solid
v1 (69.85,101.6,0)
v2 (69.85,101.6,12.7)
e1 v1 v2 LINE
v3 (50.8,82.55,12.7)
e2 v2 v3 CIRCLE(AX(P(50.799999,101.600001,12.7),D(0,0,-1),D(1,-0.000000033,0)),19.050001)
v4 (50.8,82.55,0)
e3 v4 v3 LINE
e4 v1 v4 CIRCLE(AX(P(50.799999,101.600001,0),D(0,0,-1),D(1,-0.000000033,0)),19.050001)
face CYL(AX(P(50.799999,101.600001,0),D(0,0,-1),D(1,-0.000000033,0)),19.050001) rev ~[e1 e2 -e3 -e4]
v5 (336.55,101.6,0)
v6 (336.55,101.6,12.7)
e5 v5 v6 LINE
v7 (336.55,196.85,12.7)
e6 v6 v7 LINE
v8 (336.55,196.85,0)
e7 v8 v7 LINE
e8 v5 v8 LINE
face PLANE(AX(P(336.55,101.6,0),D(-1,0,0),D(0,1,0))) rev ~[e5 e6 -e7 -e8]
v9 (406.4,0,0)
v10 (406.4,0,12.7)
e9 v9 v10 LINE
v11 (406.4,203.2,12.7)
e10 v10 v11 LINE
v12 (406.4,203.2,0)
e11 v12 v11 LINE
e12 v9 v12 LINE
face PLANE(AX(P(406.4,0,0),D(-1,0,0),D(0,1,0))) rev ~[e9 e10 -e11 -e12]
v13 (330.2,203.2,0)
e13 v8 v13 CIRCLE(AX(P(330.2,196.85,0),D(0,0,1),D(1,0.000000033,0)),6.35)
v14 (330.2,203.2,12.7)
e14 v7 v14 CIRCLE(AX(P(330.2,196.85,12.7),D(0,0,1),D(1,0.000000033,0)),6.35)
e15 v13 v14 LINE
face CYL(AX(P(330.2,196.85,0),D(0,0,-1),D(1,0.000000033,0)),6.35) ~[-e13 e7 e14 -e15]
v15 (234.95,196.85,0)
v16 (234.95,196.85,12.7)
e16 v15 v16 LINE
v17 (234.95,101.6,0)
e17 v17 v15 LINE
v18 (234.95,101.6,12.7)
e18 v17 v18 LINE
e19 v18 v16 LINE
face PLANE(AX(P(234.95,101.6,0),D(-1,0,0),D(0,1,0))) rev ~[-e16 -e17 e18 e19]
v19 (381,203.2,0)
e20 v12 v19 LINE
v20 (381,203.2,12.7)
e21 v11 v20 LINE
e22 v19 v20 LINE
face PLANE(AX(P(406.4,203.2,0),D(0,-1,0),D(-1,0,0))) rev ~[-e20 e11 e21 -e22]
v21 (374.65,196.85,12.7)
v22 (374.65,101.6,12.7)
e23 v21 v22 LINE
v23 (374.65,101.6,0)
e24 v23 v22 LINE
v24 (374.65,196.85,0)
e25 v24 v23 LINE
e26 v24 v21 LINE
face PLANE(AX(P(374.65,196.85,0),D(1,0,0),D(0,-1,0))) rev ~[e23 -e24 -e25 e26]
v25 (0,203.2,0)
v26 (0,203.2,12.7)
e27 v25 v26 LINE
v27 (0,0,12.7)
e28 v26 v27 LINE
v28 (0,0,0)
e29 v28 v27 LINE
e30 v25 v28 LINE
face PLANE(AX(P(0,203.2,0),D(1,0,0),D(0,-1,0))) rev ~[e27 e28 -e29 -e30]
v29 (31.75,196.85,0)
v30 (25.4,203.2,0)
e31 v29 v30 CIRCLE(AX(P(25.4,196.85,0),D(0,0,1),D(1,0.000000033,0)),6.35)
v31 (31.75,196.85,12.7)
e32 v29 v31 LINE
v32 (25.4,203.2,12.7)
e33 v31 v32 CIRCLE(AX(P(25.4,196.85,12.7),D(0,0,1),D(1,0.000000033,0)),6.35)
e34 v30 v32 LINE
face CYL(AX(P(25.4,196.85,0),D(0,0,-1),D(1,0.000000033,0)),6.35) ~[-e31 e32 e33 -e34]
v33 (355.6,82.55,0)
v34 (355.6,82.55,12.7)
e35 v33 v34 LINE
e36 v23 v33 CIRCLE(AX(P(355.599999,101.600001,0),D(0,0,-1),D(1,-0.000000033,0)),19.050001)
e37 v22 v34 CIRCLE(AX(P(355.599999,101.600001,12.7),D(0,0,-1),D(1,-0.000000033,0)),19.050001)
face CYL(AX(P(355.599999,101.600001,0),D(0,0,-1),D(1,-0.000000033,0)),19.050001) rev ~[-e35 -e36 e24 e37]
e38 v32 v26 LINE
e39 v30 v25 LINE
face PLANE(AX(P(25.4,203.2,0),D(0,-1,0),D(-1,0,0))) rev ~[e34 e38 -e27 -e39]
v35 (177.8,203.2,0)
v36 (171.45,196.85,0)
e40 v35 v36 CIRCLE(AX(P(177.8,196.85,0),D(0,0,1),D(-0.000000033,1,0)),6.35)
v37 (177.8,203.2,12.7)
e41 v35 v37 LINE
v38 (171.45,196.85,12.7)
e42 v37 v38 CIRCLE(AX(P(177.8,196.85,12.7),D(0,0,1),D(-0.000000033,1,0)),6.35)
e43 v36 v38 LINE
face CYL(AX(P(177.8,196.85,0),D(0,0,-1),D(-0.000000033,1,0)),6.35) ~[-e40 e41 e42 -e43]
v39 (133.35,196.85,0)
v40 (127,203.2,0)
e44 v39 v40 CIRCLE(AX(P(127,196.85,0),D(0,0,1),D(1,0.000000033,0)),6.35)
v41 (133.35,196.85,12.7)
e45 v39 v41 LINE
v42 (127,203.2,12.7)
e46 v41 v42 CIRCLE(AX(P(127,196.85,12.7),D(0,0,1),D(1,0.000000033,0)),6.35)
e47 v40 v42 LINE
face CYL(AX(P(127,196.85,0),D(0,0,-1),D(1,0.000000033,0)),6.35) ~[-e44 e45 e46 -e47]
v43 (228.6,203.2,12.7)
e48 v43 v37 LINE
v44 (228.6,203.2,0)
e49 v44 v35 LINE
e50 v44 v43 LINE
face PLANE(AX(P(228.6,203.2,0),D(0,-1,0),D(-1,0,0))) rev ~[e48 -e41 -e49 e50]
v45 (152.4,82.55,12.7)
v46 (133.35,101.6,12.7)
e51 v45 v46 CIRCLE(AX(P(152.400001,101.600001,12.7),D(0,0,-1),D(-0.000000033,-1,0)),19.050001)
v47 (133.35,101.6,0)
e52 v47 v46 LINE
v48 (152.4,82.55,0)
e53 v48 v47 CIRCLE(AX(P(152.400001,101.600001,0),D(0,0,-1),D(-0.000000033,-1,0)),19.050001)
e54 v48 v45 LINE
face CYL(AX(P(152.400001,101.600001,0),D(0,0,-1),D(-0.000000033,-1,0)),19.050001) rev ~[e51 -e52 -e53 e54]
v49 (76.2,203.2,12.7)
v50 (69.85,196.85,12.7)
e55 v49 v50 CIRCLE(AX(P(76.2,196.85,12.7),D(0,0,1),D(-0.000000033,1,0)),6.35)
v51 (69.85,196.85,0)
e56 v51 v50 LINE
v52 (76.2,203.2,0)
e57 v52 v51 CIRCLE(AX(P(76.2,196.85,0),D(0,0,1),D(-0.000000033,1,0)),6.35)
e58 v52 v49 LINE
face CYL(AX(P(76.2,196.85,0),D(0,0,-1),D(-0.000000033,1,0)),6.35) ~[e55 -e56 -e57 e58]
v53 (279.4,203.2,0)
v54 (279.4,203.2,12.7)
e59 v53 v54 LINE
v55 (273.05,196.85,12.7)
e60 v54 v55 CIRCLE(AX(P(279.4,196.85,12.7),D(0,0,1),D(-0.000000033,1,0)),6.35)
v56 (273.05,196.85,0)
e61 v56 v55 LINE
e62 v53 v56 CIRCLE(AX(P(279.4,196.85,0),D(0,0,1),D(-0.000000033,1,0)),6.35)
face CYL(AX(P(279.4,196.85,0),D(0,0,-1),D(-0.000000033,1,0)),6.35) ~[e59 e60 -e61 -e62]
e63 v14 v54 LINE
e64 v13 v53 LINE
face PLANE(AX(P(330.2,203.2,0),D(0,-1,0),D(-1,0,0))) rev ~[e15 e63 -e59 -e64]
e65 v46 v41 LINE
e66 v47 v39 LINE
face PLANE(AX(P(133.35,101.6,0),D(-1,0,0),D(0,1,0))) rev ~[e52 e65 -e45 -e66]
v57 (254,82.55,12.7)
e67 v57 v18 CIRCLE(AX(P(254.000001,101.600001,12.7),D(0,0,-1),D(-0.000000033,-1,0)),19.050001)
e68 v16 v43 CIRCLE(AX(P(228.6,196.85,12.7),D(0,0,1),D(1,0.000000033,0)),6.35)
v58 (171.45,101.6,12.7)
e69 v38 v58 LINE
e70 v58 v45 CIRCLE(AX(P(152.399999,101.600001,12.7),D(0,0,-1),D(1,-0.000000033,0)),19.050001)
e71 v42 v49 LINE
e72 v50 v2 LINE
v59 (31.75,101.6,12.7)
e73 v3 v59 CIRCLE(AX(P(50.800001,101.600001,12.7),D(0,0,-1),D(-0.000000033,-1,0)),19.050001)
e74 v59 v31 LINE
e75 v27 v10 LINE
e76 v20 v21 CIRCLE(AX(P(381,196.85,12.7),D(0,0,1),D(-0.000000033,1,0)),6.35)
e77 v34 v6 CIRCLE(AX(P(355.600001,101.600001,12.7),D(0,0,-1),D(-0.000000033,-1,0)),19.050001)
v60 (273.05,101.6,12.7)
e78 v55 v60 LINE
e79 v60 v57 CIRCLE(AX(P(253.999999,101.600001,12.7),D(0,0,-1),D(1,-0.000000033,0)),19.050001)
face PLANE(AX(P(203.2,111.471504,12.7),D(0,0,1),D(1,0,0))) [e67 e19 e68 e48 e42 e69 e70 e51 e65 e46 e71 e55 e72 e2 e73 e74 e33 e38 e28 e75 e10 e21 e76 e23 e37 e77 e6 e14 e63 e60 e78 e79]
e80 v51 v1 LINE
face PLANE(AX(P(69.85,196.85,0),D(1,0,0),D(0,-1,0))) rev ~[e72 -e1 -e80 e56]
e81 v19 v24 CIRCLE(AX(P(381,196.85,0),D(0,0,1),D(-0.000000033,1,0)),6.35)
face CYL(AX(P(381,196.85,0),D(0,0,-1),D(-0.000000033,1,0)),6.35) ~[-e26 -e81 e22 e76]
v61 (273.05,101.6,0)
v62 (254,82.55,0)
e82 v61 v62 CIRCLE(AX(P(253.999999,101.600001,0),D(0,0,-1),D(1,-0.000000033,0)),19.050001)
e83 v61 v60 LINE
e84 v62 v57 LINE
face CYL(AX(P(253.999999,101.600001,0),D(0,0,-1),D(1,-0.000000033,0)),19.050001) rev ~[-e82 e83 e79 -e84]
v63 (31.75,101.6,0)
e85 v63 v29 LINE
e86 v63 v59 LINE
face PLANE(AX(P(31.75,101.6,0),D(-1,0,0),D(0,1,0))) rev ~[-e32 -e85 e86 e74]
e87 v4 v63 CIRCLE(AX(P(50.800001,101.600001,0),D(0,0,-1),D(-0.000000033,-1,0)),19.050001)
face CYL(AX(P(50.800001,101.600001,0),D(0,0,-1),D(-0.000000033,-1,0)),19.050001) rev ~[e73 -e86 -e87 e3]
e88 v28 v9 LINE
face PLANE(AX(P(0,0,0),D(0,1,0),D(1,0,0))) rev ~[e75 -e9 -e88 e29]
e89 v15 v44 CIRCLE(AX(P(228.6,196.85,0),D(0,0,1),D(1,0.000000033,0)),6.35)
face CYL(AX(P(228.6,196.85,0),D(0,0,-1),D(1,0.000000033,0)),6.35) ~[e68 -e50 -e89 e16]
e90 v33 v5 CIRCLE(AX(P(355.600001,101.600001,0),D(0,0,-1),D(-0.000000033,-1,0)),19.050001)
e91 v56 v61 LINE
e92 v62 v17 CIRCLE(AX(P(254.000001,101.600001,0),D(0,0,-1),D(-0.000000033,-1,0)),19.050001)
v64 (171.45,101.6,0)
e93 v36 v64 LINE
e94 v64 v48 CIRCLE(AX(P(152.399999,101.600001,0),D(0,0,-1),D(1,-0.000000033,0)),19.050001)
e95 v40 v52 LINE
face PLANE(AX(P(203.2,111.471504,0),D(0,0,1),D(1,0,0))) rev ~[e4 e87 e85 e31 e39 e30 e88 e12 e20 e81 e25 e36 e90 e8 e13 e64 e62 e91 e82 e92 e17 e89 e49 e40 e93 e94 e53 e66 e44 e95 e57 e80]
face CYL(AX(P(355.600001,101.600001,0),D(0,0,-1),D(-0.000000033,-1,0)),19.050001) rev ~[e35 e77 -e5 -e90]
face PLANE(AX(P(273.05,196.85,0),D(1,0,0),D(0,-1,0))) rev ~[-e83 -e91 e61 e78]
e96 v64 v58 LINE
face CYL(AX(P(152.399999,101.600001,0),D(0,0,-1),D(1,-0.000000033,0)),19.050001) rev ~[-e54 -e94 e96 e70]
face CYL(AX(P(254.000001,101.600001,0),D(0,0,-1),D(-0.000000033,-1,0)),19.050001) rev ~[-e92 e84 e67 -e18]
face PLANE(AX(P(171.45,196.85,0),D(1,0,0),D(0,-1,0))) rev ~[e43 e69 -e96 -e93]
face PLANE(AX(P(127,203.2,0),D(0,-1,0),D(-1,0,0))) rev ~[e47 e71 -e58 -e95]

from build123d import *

# Parameters (mm, degrees)
F1_DEPTH = 12.7


with BuildPart() as f1:
    # F0 (on Top) → F1 (new body)
    with BuildSketch(Plane.XY):
        with BuildLine():
            Line((0, 203.2), (0, 0))
            Line((0, 0), (406.4, 0))
            Line((406.4, 0), (406.4, 203.2))
            Line((406.4, 203.2), (381, 203.2))
            ThreePointArc((381, 203.2), (376.509872, 201.340128), (374.65, 196.85))
            Line((374.65, 196.85), (374.65, 101.6))
            ThreePointArc((374.65, 101.6), (369.070384, 88.129616), (355.6, 82.55))
            ThreePointArc((355.6, 82.55), (342.129616, 88.129616), (336.55, 101.6))
            Line((336.55, 101.6), (336.55, 196.85))
            ThreePointArc((336.55, 196.85), (334.690128, 201.340128), (330.2, 203.2))
            Line((330.2, 203.2), (279.4, 203.2))
            ThreePointArc((279.4, 203.2), (274.909872, 201.340128), (273.05, 196.85))
            Line((273.05, 196.85), (273.05, 101.6))
            ThreePointArc((273.05, 101.6), (267.470384, 88.129616), (254, 82.55))
            ThreePointArc((254, 82.55), (240.529616, 88.129616), (234.95, 101.6))
            Line((234.95, 101.6), (234.95, 196.85))
            ThreePointArc((234.95, 196.85), (233.090128, 201.340128), (228.6, 203.2))
            Line((228.6, 203.2), (177.8, 203.2))
            ThreePointArc((177.8, 203.2), (173.309872, 201.340128), (171.45, 196.85))
            Line((171.45, 196.85), (171.45, 101.6))
            ThreePointArc((171.45, 101.6), (165.870384, 88.129616), (152.4, 82.55))
            ThreePointArc((152.4, 82.55), (138.929616, 88.129616), (133.35, 101.6))
            Line((133.35, 101.6), (133.35, 196.85))
            ThreePointArc((133.35, 196.85), (131.490128, 201.340128), (127, 203.2))
            Line((127, 203.2), (76.2, 203.2))
            ThreePointArc((76.2, 203.2), (71.709872, 201.340128), (69.85, 196.85))
            Line((69.85, 196.85), (69.85, 101.6))
            ThreePointArc((69.85, 101.6), (64.270384, 88.129616), (50.8, 82.55))
            ThreePointArc((50.8, 82.55), (37.329616, 88.129616), (31.75, 101.6))
            Line((31.75, 101.6), (31.75, 196.85))
            ThreePointArc((31.75, 196.85), (29.890128, 201.340128), (25.4, 203.2))
            Line((25.4, 203.2), (0, 203.2))
        make_face()
    extrude(amount=F1_DEPTH)


solid = f1.part
